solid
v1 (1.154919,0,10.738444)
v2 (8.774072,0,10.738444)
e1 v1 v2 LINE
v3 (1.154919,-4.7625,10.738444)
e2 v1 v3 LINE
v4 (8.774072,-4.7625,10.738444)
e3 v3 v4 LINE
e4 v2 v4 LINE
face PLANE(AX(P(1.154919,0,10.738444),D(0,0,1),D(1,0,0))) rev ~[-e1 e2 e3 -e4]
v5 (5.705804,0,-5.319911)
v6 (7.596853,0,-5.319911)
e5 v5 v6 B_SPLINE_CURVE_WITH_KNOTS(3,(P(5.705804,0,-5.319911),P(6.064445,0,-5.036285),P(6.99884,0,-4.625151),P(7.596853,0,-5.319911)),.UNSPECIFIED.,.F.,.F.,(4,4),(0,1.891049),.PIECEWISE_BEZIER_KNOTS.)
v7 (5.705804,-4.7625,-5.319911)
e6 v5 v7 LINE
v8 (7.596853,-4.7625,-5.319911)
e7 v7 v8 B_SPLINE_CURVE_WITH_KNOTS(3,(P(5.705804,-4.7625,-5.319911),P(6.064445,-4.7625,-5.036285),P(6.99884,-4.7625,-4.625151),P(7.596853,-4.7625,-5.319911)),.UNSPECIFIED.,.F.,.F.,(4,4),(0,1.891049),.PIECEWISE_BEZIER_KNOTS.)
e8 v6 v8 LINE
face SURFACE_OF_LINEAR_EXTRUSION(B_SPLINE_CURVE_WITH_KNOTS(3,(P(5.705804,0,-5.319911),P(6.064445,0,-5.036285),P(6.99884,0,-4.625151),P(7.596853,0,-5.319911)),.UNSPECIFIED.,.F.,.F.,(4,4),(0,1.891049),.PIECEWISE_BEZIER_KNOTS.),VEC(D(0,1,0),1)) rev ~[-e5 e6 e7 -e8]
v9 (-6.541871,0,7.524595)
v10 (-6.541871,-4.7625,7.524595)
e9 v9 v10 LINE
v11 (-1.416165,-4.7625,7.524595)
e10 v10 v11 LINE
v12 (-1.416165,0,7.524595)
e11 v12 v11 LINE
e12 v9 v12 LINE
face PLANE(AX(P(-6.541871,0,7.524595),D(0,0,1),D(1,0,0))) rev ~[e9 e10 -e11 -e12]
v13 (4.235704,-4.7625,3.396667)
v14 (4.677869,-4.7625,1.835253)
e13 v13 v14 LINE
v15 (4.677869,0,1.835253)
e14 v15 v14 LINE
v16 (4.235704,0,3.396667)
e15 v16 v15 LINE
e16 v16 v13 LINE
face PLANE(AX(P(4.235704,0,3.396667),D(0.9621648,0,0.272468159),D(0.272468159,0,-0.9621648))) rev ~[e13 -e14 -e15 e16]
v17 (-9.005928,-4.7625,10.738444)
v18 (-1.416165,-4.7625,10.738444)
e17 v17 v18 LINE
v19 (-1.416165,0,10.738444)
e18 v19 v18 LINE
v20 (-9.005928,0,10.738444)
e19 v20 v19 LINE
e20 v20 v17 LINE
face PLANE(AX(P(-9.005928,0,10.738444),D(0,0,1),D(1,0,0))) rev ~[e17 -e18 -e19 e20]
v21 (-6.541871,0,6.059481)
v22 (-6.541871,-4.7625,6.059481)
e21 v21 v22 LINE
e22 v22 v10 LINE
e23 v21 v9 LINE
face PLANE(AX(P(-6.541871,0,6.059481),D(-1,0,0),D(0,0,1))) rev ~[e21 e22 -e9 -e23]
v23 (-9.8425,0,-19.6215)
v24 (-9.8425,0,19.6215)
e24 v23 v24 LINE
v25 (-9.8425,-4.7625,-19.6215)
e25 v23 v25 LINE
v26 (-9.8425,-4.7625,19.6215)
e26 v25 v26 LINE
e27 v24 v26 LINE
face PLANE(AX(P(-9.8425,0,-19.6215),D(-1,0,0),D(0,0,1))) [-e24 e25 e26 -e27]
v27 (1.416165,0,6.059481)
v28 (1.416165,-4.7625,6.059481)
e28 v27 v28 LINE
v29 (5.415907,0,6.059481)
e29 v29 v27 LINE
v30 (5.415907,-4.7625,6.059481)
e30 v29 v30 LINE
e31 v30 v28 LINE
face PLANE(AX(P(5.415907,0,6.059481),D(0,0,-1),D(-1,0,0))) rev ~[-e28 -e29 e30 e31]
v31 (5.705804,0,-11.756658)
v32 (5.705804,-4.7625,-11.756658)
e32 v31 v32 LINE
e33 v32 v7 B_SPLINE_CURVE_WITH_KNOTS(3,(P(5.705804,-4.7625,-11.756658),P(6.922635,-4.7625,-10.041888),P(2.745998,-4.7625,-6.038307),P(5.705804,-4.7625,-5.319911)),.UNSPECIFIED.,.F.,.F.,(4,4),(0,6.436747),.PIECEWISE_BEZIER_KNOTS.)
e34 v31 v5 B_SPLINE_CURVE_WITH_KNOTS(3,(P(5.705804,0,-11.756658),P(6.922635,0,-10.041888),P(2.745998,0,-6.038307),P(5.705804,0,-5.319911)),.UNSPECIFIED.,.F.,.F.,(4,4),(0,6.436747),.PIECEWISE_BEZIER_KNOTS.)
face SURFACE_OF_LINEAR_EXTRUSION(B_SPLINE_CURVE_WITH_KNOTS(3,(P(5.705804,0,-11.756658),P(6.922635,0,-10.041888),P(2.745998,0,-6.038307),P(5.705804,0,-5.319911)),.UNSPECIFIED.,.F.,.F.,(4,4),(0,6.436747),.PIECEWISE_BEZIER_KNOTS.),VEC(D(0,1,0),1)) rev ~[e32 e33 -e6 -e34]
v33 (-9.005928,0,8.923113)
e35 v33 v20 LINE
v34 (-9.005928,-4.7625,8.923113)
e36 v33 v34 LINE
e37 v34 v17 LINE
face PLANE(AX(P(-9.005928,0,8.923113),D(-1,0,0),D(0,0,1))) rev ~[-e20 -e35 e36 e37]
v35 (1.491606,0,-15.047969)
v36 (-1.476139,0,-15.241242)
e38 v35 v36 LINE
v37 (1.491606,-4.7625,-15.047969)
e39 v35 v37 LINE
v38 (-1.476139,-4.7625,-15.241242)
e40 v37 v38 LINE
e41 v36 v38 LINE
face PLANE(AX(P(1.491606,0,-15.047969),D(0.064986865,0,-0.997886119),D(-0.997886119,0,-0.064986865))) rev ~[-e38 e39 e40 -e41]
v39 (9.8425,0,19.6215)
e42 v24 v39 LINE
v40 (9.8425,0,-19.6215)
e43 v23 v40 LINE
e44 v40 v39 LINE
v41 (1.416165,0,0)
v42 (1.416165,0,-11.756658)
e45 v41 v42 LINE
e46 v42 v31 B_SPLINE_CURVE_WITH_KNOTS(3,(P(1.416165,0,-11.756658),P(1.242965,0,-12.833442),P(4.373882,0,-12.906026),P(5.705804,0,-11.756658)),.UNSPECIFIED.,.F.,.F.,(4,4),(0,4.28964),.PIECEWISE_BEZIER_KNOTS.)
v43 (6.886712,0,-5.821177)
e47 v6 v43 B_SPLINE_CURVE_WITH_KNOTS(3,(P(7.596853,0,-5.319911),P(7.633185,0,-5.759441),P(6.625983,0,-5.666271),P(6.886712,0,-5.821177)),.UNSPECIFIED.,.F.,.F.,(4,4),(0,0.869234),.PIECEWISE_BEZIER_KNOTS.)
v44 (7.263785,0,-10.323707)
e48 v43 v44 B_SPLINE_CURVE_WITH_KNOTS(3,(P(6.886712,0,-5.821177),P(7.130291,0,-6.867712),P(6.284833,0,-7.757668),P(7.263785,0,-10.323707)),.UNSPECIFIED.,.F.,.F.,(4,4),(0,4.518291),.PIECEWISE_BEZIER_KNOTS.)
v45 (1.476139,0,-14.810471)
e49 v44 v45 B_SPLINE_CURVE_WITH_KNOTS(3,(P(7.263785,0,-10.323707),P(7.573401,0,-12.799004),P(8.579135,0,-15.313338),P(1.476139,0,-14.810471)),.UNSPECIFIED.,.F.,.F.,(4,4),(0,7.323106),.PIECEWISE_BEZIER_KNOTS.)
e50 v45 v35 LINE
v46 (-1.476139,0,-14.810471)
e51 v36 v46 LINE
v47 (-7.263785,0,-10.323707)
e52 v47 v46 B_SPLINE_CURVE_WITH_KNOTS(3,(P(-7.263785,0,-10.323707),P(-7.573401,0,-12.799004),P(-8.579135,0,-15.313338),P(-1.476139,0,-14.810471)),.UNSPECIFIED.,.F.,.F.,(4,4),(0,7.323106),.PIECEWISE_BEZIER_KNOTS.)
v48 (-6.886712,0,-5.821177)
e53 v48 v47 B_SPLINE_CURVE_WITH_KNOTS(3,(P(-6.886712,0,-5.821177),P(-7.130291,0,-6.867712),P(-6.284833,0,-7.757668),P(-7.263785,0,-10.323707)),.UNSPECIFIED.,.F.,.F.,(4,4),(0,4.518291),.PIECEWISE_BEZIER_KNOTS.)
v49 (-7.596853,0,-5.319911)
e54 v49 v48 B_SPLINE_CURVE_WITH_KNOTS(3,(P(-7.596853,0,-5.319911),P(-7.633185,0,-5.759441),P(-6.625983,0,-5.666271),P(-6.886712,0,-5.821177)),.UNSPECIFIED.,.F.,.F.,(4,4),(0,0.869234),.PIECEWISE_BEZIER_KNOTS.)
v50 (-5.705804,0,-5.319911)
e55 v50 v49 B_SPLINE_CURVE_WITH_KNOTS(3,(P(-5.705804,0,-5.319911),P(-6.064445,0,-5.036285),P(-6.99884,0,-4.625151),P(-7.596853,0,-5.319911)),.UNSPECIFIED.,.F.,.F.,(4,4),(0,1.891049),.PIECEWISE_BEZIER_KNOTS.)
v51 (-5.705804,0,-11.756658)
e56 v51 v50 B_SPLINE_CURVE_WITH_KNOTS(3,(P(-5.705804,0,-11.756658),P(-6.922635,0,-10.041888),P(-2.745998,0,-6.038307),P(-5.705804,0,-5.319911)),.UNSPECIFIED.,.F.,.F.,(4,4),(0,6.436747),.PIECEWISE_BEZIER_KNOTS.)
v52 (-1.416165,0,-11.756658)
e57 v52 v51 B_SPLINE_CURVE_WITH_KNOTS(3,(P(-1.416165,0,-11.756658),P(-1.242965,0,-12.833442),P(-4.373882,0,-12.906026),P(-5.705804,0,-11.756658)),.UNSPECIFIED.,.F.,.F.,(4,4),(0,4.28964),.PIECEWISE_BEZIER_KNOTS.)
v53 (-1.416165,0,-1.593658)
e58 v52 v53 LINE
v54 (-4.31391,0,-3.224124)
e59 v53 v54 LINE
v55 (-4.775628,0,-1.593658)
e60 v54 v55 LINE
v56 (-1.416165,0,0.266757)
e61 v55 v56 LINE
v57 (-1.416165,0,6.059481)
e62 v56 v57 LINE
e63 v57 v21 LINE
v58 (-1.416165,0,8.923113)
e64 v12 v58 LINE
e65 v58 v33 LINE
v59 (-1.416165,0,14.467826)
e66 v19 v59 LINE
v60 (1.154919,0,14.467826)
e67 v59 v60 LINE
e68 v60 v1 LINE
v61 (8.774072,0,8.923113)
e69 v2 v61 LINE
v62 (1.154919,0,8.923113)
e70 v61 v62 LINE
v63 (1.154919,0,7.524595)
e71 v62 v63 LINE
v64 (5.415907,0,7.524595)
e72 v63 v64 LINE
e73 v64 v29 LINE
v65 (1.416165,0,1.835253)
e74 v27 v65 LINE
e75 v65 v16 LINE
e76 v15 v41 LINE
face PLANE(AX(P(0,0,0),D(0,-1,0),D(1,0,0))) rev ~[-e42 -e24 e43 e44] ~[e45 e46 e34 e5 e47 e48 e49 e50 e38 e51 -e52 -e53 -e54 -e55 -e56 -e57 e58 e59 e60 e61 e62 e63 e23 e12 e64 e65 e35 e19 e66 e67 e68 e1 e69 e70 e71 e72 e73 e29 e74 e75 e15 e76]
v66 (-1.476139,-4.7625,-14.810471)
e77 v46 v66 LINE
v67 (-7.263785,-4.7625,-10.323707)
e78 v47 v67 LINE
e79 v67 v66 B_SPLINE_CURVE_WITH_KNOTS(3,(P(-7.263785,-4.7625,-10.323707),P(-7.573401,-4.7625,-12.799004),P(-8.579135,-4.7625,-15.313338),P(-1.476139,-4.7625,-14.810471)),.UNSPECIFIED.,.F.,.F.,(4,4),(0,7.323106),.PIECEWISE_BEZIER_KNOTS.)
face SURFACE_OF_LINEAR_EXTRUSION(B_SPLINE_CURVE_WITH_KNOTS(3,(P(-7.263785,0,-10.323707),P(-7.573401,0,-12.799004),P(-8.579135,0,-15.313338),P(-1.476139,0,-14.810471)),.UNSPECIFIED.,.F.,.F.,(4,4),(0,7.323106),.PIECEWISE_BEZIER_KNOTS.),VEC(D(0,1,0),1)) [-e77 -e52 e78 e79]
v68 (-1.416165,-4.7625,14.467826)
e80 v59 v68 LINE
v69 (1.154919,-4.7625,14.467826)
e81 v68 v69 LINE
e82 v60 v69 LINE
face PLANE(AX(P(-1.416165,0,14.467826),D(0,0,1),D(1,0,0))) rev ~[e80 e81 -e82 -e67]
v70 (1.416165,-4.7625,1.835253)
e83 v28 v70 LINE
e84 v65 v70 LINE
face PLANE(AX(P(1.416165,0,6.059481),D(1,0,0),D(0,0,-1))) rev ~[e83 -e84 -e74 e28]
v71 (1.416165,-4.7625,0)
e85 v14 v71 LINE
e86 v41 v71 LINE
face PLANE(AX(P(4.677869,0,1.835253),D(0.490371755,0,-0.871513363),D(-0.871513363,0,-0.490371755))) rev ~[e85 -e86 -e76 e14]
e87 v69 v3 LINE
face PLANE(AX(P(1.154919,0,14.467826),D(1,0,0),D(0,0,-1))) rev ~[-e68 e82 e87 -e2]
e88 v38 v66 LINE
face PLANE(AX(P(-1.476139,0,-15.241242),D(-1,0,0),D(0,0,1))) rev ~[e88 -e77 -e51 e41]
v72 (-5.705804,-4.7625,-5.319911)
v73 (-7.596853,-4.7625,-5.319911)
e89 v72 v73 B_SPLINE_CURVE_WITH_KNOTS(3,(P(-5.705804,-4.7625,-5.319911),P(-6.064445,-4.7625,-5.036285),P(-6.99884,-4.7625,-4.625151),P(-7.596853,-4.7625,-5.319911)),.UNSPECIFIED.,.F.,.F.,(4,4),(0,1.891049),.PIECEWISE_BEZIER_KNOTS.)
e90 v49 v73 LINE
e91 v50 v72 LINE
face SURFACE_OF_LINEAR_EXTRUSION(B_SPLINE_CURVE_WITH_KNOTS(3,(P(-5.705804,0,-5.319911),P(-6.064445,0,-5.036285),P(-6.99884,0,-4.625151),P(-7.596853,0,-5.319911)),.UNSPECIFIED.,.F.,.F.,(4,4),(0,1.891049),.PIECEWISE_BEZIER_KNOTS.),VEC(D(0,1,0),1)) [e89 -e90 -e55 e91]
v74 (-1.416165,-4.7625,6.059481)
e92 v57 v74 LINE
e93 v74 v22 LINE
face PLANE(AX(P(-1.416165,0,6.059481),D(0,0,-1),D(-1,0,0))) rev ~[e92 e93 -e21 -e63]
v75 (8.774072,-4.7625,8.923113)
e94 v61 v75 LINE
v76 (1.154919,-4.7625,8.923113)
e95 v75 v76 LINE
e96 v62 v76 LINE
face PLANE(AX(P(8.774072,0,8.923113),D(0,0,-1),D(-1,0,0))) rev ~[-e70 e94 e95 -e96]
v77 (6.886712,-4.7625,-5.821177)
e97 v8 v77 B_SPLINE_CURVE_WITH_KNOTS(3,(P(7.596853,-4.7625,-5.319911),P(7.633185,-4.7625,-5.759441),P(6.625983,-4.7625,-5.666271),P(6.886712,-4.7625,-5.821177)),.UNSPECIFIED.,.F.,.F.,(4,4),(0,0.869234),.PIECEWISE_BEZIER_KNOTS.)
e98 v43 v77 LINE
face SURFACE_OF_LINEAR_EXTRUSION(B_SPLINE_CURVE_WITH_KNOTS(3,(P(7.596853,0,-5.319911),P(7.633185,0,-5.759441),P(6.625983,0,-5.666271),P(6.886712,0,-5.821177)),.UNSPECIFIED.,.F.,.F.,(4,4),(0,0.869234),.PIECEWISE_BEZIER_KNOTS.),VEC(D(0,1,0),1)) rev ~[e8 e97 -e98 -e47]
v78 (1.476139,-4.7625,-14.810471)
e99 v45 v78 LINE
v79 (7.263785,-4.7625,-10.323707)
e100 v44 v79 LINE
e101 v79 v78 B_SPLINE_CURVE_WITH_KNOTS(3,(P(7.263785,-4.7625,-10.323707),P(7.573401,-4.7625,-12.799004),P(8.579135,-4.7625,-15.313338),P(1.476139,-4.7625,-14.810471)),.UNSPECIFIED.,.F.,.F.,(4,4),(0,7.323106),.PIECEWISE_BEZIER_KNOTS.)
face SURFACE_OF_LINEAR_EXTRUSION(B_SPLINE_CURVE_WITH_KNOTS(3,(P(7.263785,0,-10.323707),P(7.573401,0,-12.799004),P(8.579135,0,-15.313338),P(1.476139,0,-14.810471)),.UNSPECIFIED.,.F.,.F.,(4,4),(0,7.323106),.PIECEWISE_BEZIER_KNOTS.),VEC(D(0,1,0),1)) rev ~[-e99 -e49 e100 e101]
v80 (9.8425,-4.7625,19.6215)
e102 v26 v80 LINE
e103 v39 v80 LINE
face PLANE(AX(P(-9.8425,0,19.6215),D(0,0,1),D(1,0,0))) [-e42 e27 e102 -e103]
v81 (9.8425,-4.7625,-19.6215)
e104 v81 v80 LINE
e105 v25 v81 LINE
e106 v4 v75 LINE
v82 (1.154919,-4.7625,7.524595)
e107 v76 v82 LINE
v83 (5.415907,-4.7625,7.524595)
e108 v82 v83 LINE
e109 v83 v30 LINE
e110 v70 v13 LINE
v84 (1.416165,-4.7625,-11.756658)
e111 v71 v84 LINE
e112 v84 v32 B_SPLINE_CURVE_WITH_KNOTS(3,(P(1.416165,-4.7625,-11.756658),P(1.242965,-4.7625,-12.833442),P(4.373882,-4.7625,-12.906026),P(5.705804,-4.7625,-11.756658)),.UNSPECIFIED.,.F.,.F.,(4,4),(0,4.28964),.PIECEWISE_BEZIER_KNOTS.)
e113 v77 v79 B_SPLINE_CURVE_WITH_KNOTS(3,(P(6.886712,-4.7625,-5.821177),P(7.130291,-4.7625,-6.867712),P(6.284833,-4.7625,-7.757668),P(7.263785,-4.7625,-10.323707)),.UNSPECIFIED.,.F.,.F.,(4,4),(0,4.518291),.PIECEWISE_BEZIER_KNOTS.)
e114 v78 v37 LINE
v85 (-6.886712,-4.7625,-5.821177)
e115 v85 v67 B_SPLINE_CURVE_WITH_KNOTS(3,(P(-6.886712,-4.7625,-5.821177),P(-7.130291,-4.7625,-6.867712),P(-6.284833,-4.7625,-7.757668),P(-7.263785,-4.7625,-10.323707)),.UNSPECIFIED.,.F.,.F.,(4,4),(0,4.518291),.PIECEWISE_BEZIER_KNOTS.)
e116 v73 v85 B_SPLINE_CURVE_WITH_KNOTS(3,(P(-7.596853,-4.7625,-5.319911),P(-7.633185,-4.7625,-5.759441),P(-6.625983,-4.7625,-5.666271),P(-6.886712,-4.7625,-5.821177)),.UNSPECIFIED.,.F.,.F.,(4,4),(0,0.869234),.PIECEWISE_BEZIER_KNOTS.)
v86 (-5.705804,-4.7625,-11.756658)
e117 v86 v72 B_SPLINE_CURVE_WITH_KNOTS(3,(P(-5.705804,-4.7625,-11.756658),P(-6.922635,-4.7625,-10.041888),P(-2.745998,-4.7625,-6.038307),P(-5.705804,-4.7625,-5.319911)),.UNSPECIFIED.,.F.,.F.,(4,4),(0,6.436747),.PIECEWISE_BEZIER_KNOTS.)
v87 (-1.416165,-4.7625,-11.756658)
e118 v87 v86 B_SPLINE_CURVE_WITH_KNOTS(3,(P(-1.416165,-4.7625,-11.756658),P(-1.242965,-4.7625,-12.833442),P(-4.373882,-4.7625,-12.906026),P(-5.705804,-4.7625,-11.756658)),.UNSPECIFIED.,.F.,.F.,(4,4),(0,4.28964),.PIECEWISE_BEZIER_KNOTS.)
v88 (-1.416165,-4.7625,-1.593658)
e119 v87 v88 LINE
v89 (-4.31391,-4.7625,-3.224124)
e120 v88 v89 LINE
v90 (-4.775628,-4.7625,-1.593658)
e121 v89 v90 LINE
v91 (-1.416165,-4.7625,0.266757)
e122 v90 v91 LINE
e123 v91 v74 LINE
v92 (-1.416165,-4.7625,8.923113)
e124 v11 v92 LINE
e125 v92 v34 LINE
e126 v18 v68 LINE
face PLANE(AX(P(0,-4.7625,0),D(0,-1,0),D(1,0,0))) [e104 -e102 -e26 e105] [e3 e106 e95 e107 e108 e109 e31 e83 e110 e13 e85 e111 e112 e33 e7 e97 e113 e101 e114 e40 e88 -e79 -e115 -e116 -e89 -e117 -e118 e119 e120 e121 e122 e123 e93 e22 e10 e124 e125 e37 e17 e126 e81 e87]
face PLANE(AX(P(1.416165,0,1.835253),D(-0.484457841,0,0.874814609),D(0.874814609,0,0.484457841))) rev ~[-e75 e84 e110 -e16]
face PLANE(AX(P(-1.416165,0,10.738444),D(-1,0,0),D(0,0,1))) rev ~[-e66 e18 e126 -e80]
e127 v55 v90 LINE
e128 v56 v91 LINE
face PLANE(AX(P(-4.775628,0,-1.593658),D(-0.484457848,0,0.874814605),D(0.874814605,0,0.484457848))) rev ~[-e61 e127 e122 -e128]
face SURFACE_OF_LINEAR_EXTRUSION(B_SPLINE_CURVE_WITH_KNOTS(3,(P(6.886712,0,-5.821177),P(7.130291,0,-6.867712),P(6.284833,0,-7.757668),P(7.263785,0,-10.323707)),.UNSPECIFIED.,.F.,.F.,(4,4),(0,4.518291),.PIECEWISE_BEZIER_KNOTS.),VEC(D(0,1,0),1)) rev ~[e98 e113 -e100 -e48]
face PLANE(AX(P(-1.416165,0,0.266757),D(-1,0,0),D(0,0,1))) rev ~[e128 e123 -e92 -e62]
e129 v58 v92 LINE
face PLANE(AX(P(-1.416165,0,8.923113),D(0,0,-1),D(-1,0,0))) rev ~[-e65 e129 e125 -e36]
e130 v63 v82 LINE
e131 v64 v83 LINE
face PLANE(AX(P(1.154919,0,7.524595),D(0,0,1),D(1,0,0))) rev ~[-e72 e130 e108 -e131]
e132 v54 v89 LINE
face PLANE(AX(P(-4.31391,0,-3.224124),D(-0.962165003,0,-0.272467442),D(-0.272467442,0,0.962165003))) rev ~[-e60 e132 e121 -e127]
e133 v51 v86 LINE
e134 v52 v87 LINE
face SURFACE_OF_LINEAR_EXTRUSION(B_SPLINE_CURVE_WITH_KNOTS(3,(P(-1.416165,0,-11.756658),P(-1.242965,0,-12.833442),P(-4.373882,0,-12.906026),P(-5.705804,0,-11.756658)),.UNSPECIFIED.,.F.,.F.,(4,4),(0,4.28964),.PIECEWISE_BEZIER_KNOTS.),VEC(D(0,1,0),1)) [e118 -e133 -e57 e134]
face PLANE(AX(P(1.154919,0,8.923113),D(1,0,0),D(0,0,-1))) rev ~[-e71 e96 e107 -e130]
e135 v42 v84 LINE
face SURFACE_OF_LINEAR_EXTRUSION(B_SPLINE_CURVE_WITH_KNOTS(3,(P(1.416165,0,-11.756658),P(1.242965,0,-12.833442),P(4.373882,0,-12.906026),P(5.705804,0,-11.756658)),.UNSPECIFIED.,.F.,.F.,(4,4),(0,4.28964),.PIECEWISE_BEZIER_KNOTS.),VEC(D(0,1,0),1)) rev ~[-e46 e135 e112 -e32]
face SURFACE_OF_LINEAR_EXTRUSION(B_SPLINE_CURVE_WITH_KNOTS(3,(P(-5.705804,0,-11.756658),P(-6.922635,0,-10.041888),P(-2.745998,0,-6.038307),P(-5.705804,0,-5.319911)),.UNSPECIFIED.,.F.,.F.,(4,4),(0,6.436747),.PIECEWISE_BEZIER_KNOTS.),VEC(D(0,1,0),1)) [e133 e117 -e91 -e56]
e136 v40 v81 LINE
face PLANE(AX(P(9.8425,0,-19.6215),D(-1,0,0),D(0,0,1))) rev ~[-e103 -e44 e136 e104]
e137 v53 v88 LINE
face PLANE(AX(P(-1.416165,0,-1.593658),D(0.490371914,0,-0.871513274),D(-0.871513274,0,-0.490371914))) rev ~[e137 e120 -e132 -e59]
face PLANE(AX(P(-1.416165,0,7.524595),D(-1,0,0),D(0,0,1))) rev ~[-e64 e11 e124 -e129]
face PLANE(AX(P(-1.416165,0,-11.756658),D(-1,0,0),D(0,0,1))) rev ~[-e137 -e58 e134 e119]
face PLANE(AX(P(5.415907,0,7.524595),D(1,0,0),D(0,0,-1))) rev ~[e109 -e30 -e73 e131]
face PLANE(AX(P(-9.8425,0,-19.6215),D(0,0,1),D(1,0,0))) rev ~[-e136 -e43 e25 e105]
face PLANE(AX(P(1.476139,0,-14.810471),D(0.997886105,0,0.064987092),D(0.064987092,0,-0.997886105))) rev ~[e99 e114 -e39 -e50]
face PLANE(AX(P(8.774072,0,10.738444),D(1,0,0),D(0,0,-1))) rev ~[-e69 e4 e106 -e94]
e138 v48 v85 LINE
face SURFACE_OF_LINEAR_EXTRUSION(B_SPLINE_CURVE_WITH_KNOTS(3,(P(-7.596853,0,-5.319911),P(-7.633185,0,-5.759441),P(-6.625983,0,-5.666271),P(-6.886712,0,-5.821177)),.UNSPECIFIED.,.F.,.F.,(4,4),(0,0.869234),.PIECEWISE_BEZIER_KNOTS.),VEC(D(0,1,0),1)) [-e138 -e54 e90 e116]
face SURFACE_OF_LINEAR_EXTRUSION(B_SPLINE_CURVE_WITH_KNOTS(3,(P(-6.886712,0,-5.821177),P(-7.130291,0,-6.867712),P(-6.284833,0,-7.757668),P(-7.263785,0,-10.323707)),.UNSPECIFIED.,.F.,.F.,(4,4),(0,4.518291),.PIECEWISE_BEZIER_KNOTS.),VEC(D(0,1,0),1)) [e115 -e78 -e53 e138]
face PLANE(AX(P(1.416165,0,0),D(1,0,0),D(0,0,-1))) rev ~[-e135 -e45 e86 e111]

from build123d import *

# Parameters (mm, degrees)
F0_W     = 19.685
F0_H     = 39.243
F1_DEPTH = 4.7625


with BuildPart() as f1:
    # F0 (on Front) → F1 (new body)
    with BuildSketch(Plane.XZ):
        Rectangle(F0_W, F0_H)
        with BuildLine():
            Line((-1.416165, 10.738444), (-1.416165, 14.467826))
            Line((-1.416165, 14.467826), (1.154919, 14.467826))
            Line((1.154919, 14.467826), (1.154919, 10.738444))
            Line((1.154919, 10.738444), (8.774072, 10.738444))
            Line((8.774072, 10.738444), (8.774072, 8.923113))
            Line((8.774072, 8.923113), (1.154919, 8.923113))
            Line((1.154919, 8.923113), (1.154919, 7.524595))
            Line((1.154919, 7.524595), (5.415907, 7.524595))
            Line((5.415907, 7.524595), (5.415907, 6.059481))
            Line((5.415907, 6.059481), (1.416165, 6.059481))
            Line((1.416165, 6.059481), (1.416165, 1.835253))
            Line((1.416165, 1.835253), (4.235704, 3.396667))
            Line((4.235704, 3.396667), (4.677869, 1.835253))
            Line((4.677869, 1.835253), (1.416165, 0))
            Line((1.416165, 0), (1.416165, -11.756658))
            add(Edge.make_bspline(
                [(1.416165, -11.756658), (1.242965, -12.833442), (4.373882, -12.906026), (5.705804, -11.756658)],
                knots=[0, 0, 0, 0, 4.28964, 4.28964, 4.28964, 4.28964], degree=3))
            add(Edge.make_bspline(
                [(5.705804, -11.756658), (6.922635, -10.041888), (2.745998, -6.038307), (5.705804, -5.319911)],
                knots=[0, 0, 0, 0, 6.436747, 6.436747, 6.436747, 6.436747], degree=3))
            add(Edge.make_bspline(
                [(5.705804, -5.319911), (6.064445, -5.036285), (6.99884, -4.625151), (7.596853, -5.319911)],
                knots=[0, 0, 0, 0, 1.891049, 1.891049, 1.891049, 1.891049], degree=3))
            add(Edge.make_bspline(
                [(7.596853, -5.319911), (7.633185, -5.759441), (6.625983, -5.666271), (6.886712, -5.821177)],
                knots=[0, 0, 0, 0, 0.869234, 0.869234, 0.869234, 0.869234], degree=3))
            add(Edge.make_bspline(
                [(6.886712, -5.821177), (7.130291, -6.867712), (6.284833, -7.757668), (7.263785, -10.323707)],
                knots=[0, 0, 0, 0, 4.518291, 4.518291, 4.518291, 4.518291], degree=3))
            add(Edge.make_bspline(
                [(7.263785, -10.323707), (7.573401, -12.799004), (8.579135, -15.313338), (1.476139, -14.810471)],
                knots=[0, 0, 0, 0, 7.323106, 7.323106, 7.323106, 7.323106], degree=3))
            Line((1.476139, -14.810471), (1.491606, -15.047969))
            Line((1.491606, -15.047969), (-1.476139, -15.241242))
            Line((-1.476139, -15.241242), (-1.476139, -14.810471))
            add(Edge.make_bspline(
                [(-7.263785, -10.323707), (-7.573401, -12.799004), (-8.579135, -15.313338), (-1.476139, -14.810471)],
                knots=[0, 0, 0, 0, 7.323106, 7.323106, 7.323106, 7.323106], degree=3))
            add(Edge.make_bspline(
                [(-6.886712, -5.821177), (-7.130291, -6.867712), (-6.284833, -7.757668), (-7.263785, -10.323707)],
                knots=[0, 0, 0, 0, 4.518291, 4.518291, 4.518291, 4.518291], degree=3))
            add(Edge.make_bspline(
                [(-7.596853, -5.319911), (-7.633185, -5.759441), (-6.625983, -5.666271), (-6.886712, -5.821177)],
                knots=[0, 0, 0, 0, 0.869234, 0.869234, 0.869234, 0.869234], degree=3))
            add(Edge.make_bspline(
                [(-5.705804, -5.319911), (-6.064445, -5.036285), (-6.99884, -4.625151), (-7.596853, -5.319911)],
                knots=[0, 0, 0, 0, 1.891049, 1.891049, 1.891049, 1.891049], degree=3))
            add(Edge.make_bspline(
                [(-5.705804, -11.756658), (-6.922635, -10.041888), (-2.745998, -6.038307), (-5.705804, -5.319911)],
                knots=[0, 0, 0, 0, 6.436747, 6.436747, 6.436747, 6.436747], degree=3))
            add(Edge.make_bspline(
                [(-1.416165, -11.756658), (-1.242965, -12.833442), (-4.373882, -12.906026), (-5.705804, -11.756658)],
                knots=[0, 0, 0, 0, 4.28964, 4.28964, 4.28964, 4.28964], degree=3))
            Line((-1.416165, -11.756658), (-1.416165, -1.593658))
            Line((-1.416165, -1.593658), (-4.31391, -3.224124))
            Line((-4.31391, -3.224124), (-4.775628, -1.593658))
            Line((-4.775628, -1.593658), (-1.416165, 0.266757))
            Line((-1.416165, 0.266757), (-1.416165, 6.059481))
            Line((-1.416165, 6.059481), (-6.541871, 6.059481))
            Line((-6.541871, 6.059481), (-6.541871, 7.524595))
            Line((-6.541871, 7.524595), (-1.416165, 7.524595))
            Line((-1.416165, 7.524595), (-1.416165, 8.923113))
            Line((-1.416165, 8.923113), (-9.005928, 8.923113))
            Line((-9.005928, 8.923113), (-9.005928, 10.738444))
            Line((-9.005928, 10.738444), (-1.416165, 10.738444))
        make_face(mode=Mode.SUBTRACT)
    extrude(amount=F1_DEPTH)


solid = f1.part
